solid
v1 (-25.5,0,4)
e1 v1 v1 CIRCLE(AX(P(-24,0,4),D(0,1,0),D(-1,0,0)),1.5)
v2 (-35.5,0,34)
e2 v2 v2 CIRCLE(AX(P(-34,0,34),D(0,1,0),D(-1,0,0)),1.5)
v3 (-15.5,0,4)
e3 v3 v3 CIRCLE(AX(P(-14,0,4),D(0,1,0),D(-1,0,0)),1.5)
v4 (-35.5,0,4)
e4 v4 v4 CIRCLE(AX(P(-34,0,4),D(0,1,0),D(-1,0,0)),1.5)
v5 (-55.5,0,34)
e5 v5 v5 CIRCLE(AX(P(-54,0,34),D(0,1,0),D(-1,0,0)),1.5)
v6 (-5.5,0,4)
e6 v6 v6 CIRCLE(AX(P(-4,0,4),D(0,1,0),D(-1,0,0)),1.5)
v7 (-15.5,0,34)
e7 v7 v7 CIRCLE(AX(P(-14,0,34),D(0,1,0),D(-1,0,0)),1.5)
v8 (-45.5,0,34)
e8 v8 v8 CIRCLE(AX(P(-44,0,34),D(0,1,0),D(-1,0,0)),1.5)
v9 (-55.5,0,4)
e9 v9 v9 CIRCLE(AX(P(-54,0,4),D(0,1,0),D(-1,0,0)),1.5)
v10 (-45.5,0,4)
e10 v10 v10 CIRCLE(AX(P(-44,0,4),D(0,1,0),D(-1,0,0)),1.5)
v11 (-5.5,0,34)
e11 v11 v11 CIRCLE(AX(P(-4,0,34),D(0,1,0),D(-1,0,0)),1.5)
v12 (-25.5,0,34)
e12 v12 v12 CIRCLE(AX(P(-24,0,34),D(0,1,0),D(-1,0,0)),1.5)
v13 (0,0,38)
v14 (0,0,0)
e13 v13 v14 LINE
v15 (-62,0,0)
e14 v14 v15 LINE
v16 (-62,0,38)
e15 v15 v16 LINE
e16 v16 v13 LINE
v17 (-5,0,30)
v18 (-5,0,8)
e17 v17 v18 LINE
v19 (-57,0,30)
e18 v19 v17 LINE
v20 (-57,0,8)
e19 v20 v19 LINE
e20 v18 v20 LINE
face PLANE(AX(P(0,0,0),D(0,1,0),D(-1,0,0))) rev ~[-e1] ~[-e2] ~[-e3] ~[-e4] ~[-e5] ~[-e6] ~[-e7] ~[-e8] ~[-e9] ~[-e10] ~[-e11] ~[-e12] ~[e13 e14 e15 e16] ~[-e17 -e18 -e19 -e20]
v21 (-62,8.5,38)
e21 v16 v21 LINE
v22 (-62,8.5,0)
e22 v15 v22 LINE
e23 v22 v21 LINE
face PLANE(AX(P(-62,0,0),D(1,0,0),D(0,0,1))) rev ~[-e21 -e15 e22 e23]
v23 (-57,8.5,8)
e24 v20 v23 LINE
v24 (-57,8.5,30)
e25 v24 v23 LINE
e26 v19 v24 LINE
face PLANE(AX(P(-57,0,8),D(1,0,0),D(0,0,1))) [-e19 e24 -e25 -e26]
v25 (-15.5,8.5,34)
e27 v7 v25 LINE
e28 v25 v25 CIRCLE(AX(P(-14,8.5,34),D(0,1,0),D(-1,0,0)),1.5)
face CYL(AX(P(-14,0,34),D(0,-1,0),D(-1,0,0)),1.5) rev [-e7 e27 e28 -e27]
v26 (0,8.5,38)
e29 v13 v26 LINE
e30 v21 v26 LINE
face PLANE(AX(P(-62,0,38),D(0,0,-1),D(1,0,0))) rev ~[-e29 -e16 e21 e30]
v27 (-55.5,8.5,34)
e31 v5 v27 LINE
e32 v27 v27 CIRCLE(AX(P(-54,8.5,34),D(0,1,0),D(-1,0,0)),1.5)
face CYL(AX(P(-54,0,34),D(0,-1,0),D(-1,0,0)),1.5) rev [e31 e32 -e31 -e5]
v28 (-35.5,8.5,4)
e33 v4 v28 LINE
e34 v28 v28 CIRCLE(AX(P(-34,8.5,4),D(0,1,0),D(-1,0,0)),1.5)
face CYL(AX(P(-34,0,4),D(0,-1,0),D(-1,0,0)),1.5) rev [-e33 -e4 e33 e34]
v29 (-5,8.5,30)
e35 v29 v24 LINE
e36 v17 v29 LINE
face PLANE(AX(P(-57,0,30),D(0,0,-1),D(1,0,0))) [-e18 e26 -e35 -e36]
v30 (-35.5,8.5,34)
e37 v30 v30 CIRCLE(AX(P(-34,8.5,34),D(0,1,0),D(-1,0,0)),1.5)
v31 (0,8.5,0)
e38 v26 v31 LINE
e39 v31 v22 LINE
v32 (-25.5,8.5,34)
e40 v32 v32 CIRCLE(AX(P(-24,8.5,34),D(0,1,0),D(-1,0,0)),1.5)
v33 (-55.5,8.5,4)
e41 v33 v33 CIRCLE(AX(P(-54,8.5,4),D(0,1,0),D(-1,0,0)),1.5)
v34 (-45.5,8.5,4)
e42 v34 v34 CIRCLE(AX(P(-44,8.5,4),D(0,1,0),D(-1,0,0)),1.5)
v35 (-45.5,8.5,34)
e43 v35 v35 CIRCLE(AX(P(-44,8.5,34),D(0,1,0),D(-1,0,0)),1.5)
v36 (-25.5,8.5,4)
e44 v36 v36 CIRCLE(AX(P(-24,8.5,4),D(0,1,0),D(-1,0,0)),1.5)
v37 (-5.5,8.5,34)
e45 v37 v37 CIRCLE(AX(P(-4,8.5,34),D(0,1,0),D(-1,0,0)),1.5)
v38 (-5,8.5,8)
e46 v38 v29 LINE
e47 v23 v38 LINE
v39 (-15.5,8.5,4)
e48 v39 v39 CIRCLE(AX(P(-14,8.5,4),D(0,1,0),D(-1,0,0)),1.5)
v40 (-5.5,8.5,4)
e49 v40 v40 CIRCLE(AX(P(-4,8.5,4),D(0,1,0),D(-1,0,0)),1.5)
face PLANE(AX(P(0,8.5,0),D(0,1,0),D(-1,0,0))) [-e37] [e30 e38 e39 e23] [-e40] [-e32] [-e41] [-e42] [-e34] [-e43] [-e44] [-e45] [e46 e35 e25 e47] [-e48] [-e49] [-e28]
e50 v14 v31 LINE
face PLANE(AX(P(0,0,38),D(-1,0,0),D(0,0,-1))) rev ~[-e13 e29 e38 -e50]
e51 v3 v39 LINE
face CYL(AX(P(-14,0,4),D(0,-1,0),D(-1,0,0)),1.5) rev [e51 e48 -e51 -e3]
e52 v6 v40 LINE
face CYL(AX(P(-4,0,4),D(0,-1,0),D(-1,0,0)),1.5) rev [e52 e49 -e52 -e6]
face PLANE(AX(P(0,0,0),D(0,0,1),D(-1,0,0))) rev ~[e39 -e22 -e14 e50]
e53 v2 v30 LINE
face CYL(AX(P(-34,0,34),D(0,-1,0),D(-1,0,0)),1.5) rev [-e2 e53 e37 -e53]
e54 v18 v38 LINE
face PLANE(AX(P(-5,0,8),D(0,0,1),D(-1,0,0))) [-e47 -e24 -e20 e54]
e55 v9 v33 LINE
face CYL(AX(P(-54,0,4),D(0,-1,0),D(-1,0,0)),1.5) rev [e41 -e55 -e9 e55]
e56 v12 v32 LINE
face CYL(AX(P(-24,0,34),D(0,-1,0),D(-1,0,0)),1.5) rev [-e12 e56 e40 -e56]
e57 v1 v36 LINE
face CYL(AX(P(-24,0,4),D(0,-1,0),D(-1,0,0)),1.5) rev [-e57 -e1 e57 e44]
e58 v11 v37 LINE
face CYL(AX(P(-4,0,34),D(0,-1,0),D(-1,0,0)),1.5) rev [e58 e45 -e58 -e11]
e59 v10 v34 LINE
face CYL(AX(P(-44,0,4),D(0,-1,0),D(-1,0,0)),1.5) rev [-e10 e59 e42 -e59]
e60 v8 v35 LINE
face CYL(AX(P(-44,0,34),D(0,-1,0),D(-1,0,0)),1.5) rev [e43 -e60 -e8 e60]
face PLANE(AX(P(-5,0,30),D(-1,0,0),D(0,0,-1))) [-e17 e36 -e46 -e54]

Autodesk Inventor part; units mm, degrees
ref_plane "YZ Plane" through (0, 0, 0) normal (1, 0, 0) x (0, 1, 0)
ref_plane "XZ Plane" through (0, 0, 0) normal (0, 1, 0) x (-1, 0, 0)
ref_plane "XY Plane" through (0, 0, 0) normal (0, 0, 1) x (1, 0, 0)
sketch "スケッチ1" plane through (0, 0, 0) normal (0, 1, 0) x (-1, 0, 0)
  circle A0 centre (4, 34) radius 1.5
  circle A1 centre (44, 34) radius 1.5
  circle A2 centre (24, 34) radius 1.5
  circle A3 centre (44, 4) radius 1.5
  circle A4 centre (24, 4) radius 1.5
  circle A5 centre (4, 4) radius 1.5
  circle A6 centre (14, 4) radius 1.5
  circle A7 centre (34, 4) radius 1.5
  circle A8 centre (54, 4) radius 1.5
  circle A9 centre (34, 34) radius 1.5
  circle A10 centre (54, 34) radius 1.5
  circle A11 centre (14, 34) radius 1.5
  line L0 (0, 0) -> (62, 0)
  line L1 (62, 0) -> (62, 38)
  line L2 (62, 38) -> (0, 38)
  line L3 (0, 38) -> (0, 0)
extrude "押し出し1" add sketch "スケッチ1" along normal blind 8.5
sketch "スケッチ2" plane through (0, 0, 0) normal (0, -1, 0) x (1, 0, 0)
  line L0 (0, 0) -> (-62, 0) projected
  line L1 (0, 38) -> (0, 0) projected
  line L2 (-62, 38) -> (0, 38) projected
  line L3 (-62, 0) -> (-62, 38) projected
  line L4 (-57, 30) -> (-5, 30)
  line L5 (-5, 30) -> (-5, 8)
  line L6 (-5, 8) -> (-57, 8)
  line L7 (-57, 8) -> (-57, 30)
  dimension "d2" = 5
  dimension "d3" = 5
  dimension "d4" = 8
  dimension "d5" = 8
extrude "押し出し2" cut sketch "スケッチ2" against normal through all contours L4 L5 L6 L7
properties part number "知能ロボコンタミヤギアモータ用マウントスペーサ"
